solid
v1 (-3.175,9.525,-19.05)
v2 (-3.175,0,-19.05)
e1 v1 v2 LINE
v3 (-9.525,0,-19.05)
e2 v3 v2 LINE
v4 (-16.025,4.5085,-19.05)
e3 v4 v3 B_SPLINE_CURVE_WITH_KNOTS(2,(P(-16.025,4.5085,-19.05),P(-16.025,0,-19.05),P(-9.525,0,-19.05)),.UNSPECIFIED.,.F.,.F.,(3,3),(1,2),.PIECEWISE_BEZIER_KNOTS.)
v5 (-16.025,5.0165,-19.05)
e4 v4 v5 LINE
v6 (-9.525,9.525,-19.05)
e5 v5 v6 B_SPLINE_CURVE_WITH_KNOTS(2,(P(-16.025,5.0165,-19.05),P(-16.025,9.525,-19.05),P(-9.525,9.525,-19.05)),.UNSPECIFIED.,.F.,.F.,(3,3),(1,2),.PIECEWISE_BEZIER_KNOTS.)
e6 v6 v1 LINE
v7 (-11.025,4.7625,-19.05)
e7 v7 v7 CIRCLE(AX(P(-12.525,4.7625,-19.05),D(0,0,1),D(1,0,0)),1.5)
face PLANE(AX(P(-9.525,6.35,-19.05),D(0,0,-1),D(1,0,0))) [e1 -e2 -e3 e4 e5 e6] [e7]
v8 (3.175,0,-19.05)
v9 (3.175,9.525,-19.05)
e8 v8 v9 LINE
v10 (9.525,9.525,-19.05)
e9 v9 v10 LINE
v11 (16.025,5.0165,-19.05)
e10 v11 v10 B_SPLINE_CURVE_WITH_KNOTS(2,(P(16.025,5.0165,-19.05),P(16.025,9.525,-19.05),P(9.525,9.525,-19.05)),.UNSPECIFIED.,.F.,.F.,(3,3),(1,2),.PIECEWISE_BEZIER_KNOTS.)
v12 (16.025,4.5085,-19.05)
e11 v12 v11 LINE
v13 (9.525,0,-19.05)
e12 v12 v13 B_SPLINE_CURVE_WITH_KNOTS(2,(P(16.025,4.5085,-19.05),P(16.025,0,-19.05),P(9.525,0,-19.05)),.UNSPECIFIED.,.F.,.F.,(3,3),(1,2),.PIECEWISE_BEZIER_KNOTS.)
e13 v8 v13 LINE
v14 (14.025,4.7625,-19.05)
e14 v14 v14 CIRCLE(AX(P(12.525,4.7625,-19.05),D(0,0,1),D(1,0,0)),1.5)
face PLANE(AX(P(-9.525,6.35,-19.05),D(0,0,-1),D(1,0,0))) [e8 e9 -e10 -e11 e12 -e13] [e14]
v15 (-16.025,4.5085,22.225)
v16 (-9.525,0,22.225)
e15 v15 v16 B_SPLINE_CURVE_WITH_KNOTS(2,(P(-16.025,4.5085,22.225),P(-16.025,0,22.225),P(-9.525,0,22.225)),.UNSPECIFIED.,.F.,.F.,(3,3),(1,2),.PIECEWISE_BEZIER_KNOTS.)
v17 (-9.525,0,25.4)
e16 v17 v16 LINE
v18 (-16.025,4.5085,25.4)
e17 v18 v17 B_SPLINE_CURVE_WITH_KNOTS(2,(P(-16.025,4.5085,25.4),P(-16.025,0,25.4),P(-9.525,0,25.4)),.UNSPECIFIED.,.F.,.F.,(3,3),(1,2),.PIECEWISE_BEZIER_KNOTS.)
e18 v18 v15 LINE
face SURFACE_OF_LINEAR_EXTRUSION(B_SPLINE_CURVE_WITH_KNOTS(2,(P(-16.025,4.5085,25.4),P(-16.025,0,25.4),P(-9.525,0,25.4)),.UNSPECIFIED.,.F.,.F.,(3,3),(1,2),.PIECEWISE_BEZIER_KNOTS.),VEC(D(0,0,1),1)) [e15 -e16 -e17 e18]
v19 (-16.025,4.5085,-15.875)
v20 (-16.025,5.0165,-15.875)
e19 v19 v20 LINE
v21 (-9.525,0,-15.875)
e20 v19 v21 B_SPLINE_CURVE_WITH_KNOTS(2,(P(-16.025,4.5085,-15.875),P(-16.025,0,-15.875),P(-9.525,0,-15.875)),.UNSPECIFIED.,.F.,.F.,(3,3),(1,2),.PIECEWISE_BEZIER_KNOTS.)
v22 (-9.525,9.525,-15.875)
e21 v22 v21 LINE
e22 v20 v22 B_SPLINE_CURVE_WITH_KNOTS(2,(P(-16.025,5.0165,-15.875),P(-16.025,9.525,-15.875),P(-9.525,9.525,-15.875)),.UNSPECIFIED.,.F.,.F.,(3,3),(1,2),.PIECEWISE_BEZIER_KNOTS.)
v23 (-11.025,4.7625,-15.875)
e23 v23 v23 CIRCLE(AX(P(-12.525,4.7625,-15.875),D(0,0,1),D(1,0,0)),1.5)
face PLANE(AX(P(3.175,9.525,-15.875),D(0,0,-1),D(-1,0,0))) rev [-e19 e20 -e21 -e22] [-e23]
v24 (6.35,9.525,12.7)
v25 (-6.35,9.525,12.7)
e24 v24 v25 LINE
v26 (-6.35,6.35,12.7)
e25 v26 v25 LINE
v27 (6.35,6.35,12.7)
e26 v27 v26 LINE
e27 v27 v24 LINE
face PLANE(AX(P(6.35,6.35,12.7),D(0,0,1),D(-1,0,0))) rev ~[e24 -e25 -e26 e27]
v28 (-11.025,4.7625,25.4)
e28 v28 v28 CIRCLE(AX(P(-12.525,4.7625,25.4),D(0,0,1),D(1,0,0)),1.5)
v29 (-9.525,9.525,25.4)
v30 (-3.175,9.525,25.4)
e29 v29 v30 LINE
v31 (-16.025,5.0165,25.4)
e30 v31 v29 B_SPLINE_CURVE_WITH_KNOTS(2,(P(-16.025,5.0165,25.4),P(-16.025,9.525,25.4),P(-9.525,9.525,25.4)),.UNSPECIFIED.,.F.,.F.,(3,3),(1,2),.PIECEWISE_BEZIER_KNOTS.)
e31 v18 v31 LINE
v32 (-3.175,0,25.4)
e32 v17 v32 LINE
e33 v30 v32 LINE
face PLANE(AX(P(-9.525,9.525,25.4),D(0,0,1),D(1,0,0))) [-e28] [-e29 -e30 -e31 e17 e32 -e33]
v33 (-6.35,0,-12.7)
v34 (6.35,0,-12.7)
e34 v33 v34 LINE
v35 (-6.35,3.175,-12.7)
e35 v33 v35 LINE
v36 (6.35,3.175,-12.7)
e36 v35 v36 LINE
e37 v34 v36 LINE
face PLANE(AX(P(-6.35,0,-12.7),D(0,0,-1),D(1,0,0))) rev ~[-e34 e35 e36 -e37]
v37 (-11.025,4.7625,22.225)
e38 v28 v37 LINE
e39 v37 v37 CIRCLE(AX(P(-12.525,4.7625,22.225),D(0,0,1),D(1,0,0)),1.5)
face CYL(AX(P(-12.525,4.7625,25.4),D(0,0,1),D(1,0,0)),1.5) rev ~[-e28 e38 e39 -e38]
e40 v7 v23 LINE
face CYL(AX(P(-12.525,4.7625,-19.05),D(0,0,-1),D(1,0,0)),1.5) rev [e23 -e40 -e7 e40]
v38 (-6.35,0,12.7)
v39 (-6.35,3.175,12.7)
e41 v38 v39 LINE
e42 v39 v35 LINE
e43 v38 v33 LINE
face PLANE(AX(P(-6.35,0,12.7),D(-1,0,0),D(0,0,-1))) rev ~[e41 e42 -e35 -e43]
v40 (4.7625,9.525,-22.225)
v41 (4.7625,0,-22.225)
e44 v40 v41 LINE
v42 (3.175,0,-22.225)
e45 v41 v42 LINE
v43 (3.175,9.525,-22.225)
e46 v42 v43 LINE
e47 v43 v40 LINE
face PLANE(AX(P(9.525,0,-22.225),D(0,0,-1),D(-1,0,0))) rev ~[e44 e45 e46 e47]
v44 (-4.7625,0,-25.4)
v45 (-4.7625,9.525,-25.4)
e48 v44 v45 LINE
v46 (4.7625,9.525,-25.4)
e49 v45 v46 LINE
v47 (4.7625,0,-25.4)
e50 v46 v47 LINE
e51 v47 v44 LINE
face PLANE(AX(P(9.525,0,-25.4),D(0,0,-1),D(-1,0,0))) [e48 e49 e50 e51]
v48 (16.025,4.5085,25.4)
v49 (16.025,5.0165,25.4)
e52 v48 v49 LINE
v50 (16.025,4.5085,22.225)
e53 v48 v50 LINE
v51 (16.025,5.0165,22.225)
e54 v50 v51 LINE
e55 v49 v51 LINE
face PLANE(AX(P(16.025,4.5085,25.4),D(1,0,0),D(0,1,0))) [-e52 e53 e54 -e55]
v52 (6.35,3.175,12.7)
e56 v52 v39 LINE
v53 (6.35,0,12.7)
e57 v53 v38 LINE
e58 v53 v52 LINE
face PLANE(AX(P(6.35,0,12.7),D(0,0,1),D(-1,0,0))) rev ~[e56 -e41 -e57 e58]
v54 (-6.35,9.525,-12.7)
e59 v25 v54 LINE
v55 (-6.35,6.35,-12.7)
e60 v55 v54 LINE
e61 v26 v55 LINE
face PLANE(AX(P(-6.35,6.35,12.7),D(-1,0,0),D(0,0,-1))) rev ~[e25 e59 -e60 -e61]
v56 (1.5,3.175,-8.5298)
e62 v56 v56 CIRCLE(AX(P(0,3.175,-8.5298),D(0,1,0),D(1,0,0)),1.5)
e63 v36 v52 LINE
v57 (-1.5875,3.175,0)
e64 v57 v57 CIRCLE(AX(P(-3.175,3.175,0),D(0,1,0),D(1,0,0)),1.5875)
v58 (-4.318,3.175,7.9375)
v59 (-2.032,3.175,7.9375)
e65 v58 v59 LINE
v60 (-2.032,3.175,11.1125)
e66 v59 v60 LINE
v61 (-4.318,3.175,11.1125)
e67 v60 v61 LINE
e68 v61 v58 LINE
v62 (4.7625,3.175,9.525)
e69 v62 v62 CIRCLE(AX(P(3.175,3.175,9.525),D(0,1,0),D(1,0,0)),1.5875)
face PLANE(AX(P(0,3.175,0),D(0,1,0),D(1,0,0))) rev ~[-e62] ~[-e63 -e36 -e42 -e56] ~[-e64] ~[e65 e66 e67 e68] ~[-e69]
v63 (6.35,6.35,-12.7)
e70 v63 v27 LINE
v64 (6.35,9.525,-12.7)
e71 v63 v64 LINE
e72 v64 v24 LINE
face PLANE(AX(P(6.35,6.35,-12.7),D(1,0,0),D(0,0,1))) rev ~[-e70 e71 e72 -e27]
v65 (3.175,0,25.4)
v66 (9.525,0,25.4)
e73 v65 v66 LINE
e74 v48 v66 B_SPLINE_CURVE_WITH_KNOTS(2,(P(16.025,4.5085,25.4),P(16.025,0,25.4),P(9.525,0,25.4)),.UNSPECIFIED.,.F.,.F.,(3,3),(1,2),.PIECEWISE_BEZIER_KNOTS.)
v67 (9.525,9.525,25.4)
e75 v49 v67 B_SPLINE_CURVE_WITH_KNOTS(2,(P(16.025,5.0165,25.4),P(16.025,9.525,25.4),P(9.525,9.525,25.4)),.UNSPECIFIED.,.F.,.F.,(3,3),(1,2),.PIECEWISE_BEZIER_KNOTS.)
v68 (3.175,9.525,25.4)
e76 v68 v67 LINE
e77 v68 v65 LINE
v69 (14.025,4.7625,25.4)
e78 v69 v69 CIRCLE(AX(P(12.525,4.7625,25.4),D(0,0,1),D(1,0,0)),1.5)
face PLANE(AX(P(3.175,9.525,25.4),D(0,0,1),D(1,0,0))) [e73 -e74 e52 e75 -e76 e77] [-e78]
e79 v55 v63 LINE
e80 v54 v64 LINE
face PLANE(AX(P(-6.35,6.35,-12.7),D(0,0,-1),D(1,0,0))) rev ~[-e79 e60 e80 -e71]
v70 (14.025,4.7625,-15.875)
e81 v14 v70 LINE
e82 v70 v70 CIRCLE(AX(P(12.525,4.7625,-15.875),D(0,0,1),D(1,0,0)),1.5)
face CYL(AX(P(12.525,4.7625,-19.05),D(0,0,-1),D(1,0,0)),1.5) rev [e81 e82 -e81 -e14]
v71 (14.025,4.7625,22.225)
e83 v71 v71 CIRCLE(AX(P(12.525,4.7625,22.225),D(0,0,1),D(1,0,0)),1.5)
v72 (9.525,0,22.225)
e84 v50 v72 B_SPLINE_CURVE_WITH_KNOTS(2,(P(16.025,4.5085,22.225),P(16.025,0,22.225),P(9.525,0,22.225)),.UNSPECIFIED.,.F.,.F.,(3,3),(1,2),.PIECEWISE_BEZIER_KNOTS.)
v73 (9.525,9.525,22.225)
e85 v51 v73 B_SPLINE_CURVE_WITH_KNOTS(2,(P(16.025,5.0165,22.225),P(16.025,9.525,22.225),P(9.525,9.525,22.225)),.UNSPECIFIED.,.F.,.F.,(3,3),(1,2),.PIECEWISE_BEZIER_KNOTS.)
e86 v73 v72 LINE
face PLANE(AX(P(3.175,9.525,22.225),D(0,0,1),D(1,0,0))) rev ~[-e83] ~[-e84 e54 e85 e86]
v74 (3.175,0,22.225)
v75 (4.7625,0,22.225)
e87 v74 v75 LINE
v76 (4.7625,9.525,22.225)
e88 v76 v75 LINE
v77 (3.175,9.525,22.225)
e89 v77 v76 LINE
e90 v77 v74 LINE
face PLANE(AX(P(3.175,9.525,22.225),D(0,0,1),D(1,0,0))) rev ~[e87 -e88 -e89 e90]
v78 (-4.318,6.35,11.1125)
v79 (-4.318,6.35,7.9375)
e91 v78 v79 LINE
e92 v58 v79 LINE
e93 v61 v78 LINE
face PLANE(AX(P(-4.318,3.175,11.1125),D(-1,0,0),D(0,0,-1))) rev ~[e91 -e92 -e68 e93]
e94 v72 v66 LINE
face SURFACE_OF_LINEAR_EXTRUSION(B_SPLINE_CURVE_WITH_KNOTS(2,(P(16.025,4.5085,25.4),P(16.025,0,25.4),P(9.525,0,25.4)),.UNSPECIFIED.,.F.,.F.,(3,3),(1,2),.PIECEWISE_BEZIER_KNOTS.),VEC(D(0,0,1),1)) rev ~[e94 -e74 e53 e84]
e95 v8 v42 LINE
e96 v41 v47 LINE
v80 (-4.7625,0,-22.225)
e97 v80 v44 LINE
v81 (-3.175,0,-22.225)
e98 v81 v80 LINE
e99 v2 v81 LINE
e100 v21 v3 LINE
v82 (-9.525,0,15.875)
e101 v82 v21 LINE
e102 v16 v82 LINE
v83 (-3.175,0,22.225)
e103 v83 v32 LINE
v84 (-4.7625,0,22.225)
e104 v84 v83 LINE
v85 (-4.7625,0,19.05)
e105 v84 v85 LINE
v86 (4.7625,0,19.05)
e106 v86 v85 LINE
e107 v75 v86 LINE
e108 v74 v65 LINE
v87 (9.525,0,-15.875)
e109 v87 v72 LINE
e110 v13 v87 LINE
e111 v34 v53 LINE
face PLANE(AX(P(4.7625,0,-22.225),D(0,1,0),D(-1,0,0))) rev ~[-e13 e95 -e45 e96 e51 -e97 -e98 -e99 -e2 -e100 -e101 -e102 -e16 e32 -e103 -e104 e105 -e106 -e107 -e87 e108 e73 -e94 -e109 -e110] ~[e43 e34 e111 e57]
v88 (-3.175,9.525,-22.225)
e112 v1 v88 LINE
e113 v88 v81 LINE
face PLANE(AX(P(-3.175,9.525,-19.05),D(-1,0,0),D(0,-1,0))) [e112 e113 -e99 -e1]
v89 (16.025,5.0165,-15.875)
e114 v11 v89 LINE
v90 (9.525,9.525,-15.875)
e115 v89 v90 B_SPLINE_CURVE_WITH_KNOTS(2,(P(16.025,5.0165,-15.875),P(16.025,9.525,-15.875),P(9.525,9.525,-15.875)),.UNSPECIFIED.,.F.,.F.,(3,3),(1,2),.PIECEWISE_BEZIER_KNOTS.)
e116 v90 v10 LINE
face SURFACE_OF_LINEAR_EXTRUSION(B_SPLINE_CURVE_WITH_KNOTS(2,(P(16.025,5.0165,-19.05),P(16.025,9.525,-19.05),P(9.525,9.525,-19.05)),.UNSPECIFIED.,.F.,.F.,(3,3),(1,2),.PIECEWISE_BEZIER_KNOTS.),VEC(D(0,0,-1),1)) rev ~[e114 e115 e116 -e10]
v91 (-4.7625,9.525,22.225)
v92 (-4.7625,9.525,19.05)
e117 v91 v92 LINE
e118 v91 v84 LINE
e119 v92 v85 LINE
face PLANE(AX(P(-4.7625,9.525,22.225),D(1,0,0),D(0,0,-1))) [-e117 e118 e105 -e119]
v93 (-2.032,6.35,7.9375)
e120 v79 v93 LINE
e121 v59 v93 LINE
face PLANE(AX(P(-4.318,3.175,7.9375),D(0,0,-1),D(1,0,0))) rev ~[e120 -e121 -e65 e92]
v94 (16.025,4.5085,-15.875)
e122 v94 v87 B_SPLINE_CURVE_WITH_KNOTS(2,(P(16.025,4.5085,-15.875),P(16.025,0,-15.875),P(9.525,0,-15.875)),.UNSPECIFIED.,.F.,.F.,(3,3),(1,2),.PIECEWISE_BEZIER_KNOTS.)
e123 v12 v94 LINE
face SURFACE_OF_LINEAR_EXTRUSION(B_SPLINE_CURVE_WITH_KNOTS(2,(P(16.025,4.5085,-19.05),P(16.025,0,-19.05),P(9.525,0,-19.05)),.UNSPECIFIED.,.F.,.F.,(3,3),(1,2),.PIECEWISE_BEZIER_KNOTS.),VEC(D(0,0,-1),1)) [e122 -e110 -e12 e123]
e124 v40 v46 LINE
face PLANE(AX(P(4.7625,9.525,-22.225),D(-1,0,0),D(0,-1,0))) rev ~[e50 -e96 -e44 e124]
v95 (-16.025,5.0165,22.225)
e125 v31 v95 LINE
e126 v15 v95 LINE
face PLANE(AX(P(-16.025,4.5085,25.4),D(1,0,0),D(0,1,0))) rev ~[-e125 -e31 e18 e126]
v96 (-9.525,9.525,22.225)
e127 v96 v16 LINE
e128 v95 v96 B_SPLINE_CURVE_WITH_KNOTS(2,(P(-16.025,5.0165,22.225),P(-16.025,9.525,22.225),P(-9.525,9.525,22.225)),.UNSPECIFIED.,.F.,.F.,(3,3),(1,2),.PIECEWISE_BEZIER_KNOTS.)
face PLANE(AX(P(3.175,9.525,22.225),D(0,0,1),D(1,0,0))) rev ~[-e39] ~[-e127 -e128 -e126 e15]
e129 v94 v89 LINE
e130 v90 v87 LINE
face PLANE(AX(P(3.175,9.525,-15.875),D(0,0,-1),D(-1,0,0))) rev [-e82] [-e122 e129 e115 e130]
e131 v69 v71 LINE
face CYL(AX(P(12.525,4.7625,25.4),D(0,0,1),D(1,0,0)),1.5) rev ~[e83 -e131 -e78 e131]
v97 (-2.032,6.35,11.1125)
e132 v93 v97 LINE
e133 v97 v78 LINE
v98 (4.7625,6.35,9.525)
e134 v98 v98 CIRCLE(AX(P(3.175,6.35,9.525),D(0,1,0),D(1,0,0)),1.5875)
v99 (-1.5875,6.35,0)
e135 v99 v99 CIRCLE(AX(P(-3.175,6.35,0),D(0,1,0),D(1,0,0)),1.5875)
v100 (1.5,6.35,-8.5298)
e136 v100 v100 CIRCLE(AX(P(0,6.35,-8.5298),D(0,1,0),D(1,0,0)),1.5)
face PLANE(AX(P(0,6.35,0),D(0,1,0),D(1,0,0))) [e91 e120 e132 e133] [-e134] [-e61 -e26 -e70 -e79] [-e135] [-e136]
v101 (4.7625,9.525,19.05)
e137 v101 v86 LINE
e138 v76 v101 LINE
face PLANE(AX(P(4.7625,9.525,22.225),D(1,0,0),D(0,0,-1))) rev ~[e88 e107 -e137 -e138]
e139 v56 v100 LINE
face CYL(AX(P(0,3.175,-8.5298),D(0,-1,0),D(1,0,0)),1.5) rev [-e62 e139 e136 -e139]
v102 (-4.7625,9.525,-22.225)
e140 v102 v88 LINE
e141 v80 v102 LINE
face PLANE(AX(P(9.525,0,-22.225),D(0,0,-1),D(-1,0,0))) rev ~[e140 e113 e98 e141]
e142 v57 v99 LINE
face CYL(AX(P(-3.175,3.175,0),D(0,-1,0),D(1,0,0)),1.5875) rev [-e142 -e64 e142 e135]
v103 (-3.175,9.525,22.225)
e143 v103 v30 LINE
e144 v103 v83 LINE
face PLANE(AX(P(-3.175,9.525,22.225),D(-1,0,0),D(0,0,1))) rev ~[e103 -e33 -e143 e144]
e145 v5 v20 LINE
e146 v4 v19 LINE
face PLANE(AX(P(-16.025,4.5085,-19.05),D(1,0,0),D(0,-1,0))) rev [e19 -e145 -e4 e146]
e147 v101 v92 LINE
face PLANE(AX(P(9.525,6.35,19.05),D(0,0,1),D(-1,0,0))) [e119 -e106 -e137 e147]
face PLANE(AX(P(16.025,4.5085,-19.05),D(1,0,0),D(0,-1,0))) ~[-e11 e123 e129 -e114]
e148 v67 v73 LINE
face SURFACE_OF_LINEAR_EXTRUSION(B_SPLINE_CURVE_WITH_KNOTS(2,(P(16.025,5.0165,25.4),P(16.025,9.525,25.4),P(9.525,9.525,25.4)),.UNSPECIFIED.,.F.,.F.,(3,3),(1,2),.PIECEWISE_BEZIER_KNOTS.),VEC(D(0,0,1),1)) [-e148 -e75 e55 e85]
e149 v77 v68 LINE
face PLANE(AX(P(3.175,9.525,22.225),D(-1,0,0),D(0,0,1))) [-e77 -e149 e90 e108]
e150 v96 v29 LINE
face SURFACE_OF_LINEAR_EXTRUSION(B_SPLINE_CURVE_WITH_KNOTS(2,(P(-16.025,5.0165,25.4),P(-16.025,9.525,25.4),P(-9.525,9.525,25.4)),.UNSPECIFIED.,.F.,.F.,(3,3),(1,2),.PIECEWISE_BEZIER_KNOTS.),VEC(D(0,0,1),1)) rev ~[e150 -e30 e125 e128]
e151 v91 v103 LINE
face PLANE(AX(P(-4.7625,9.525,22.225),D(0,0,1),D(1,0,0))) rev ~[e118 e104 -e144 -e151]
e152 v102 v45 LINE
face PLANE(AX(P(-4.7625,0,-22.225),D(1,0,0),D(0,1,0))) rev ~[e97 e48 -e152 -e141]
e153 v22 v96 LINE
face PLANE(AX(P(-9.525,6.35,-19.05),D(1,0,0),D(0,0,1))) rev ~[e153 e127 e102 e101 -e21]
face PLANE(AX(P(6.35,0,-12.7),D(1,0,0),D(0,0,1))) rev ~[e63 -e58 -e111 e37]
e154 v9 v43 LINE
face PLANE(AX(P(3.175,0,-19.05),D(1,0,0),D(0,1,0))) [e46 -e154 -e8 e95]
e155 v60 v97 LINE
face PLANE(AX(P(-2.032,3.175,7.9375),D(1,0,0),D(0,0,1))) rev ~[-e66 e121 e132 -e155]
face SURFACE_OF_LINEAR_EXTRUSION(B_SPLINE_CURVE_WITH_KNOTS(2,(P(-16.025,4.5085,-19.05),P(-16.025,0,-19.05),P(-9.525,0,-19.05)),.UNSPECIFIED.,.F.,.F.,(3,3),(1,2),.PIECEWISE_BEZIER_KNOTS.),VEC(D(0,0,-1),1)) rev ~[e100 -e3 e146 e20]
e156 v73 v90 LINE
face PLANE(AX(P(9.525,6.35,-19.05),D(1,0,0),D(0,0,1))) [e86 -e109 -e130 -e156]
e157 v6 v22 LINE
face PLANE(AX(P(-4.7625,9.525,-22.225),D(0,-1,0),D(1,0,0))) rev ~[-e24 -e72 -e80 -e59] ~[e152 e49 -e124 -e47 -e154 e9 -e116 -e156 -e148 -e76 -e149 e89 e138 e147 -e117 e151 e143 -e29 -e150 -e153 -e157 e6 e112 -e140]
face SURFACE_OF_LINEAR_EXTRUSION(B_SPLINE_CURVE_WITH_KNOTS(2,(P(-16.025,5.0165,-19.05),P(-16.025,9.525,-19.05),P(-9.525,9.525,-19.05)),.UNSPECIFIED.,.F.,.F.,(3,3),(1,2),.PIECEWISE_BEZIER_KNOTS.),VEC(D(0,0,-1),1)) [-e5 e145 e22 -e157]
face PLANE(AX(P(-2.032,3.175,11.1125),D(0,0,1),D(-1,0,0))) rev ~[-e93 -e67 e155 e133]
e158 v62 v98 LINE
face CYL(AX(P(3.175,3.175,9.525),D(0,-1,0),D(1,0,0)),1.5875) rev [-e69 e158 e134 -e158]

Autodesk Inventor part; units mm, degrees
ref_plane "YZ Plane" through (0, 0, 0) normal (1, 0, 0) x (0, 1, 0)
ref_plane "XZ Plane" through (0, 0, 0) normal (0, 1, 0) x (-1, 0, 0)
sketch "Sketch1" plane through (0, 0, 0) normal (0, 1, 0) x (-1, 0, 0)
  line L0 (-6.35, 12.7) -> (6.35, 12.7)
  line L1 (6.35, 12.7) -> (6.35, -12.7)
  line L2 (6.35, -12.7) -> (-6.35, -12.7)
  line L3 (-6.35, -12.7) -> (-6.35, 12.7)
  line L4 (-6.35, 12.7) -> (6.35, -12.7) construction
  line L5 (6.35, 12.7) -> (-6.35, -12.7) construction
  line L6 (-9.525, 19.05) -> (9.525, 19.05)
  line L7 (9.525, 19.05) -> (9.525, -19.05)
  line L8 (9.525, -19.05) -> (-9.525, -19.05)
  line L9 (-9.525, -19.05) -> (-9.525, 19.05)
  line L10 (-9.525, 19.05) -> (9.525, -19.05) construction
  line L11 (9.525, 19.05) -> (-9.525, -19.05) construction
  line L12 (6.35, 12.7) -> (6.35, 15.875)
  line L13 (6.35, 15.875) -> (9.525, 15.875)
  point P0 (0, 0)
  dimension "d0" = 12.7
  dimension "d1" = 25.4
extrude "Extrusion1" add sketch "Sketch1" along normal blind 3.175
sketch "Sketch2" plane through (0, 3.175, 0) normal (0, 1, 0) x (1, 0, 0)
  circle A0 centre (3.175, -9.525) radius 1.5875
  circle A1 centre (-3.175, 0) radius 1.5875
  circle A2 centre (0, 8.5298) radius 1.5
  line L0 (-4.318, -7.9375) -> (-2.032, -7.9375)
  line L1 (-2.032, -7.9375) -> (-2.032, -11.1125)
  line L2 (-2.032, -11.1125) -> (-4.318, -11.1125)
  line L3 (-4.318, -11.1125) -> (-4.318, -7.9375)
  line L4 (-4.318, -7.9375) -> (-2.032, -11.1125) construction
  line L5 (-2.032, -7.9375) -> (-4.318, -11.1125) construction
  line L6 (-9.525, 19.05) -> (-9.525, -19.05) projected
  line L7 (9.525, -19.05) -> (-9.525, -19.05)
  line L8 (-9.525, -19.05) -> (-9.525, 19.05)
  line L9 (-9.525, 19.05) -> (9.525, 19.05)
  line L10 (9.525, 19.05) -> (9.525, -19.05)
  line L11 (9.525, -19.05) -> (-9.525, 19.05) construction
  line L12 (-9.525, -19.05) -> (9.525, 19.05) construction
  point P0 (0, 0)
  point P1 (0, 0)
  dimension "d4" = 3.175
  dimension "d5" = 3.175
  dimension "d6" = 3
  dimension "d8" = 3.175
extrude "Extrusion2" add sketch "Sketch2" along normal blind 3.175
sketch "Sketch3" plane through (0, 6.35, 0) normal (0, 1, 0) x (1, 0, 0)
  line L0 (-9.525, 19.05) -> (-9.525, -19.05) projected
  line L1 (9.525, -19.05) -> (-9.525, -19.05)
  line L2 (-9.525, -19.05) -> (-9.525, 19.05)
  line L3 (-9.525, 19.05) -> (9.525, 19.05)
  line L4 (9.525, 19.05) -> (9.525, -19.05)
  line L5 (9.525, -19.05) -> (-9.525, 19.05) construction
  line L6 (-9.525, -19.05) -> (9.525, 19.05) construction
  line L7 (6.35, -12.7) -> (-6.35, -12.7)
  line L8 (-6.35, -12.7) -> (-6.35, 12.7)
  line L9 (-6.35, 12.7) -> (6.35, 12.7)
  line L10 (6.35, 12.7) -> (6.35, -12.7)
  line L11 (6.35, -12.7) -> (-6.35, 12.7) construction
  line L12 (-6.35, -12.7) -> (6.35, 12.7) construction
  point P0 (0, 0)
extrude "Extrusion3" add sketch "Sketch3" along normal blind 3.175
sketch "Sketch4" plane through (9.525, 0, -19.05) normal (0, 0, -1) x (-1, 0, 0)
  line L0 (12.7, 0) -> (6.35, 0)
  line L1 (6.35, 0) -> (6.35, 9.525)
  line L2 (6.35, 9.525) -> (12.7, 9.525)
  line L3 (12.7, 9.525) -> (12.7, 0)
  line L4 (12.7, 0) -> (6.35, 9.525) construction
  line L5 (6.35, 0) -> (12.7, 9.525) construction
  point P0 (9.525, 0)
  point P1 (9.525, 4.7625)
extrude "Extrusion4" add sketch "Sketch4" along normal blind 3.175
sketch "Sketch5" plane through (9.525, 0, -22.225) normal (0, 0, -1) x (-1, 0, 0)
  line L0 (4.7625, 0) -> (14.2875, 0)
  line L1 (14.2875, 0) -> (14.2875, 9.525)
  line L2 (14.2875, 9.525) -> (4.7625, 9.525)
  line L3 (4.7625, 9.525) -> (4.7625, 0)
  line L4 (4.7625, 0) -> (14.2875, 9.525) construction
  line L5 (14.2875, 0) -> (4.7625, 9.525) construction
  point P0 (9.525, 0)
  point P1 (9.525, 4.7625)
extrude "Extrusion5" add sketch "Sketch5" along normal blind 3.175
sketch "Sketch6" plane through (0, 9.525, 0) normal (0, 1, 0) x (1, 0, 0)
  line L0 (9.525, -19.05) -> (-9.525, -19.05)
  line L1 (-9.525, -19.05) -> (-9.525, -25.4)
  line L2 (9.525, -25.4) -> (9.525, -19.05)
  line L3 (3.175, -22.225) -> (4.7625, -22.225)
  line L4 (-4.7625, 25.4) -> (4.7625, 25.4) projected
  line L5 (4.7625, 22.225) -> (4.7625, 25.4) projected
  line L6 (-4.7625, -22.225) -> (-3.175, -22.225)
  line L7 (-3.175, -22.225) -> (-3.175, -25.4)
  line L8 (-4.7625, -22.225) -> (-4.7625, -19.05)
  line L9 (4.7625, -22.225) -> (4.7625, -19.05)
  line L10 (3.175, -22.225) -> (3.175, -25.4)
  line L11 (-9.525, -25.4) -> (-3.175, -25.4)
  line L12 (3.175, -25.4) -> (9.525, -25.4)
  point P0 (0, 0)
extrude "Extrusion6" add sketch "Sketch6" against normal blind 9.525
sketch "Sketch7" plane through (3.175, 9.525, 25.4) normal (0, 0, 1) x (1, 0, 0)
  circle A0 centre (9.35, -4.7625) radius 1.5
  line L0 (12.85, -5.0165) -> (12.85, -4.5085)
  line L1 (12.85, -4.5085) -> (12.85, 0) construction
  line L2 (12.85, 0) -> (6.35, 0) construction
  spline S0 degree 2 poles (12.85, -4.5085) (12.85, 0) (6.35, 0) knots 1 1 1 2 2 2
  line L3 (12.85, -5.0165) -> (12.85, -9.525) construction
  line L4 (12.85, -9.525) -> (6.35, -9.525) construction
  spline S1 degree 2 poles (12.85, -5.0165) (12.85, -9.525) (6.35, -9.525) knots 1 1 1 2 2 2
  line L5 (-3.175, -9.525) -> (-3.175, 0)
  line L6 (-7.9375, 0) -> (1.5875, 0) projected
  line L7 (6.35, 0) -> (6.35, -9.525) projected
  line L8 (6.35, -9.525) -> (6.35, 0)
  circle A1 centre (-15.7, -4.7625) radius 1.5
  line L9 (-19.2, -5.0165) -> (-19.2, -4.5085)
  line L10 (-19.2, -4.5085) -> (-19.2, 0) construction
  line L11 (-19.2, 0) -> (-12.7, 0) construction
  spline S2 degree 2 poles (-19.2, -4.5085) (-19.2, 0) (-12.7, 0) knots 1 1 1 2 2 2
  line L12 (-19.2, -5.0165) -> (-19.2, -9.525) construction
  line L13 (-19.2, -9.525) -> (-12.7, -9.525) construction
  spline S3 degree 2 poles (-19.2, -5.0165) (-19.2, -9.525) (-12.7, -9.525) knots 1 1 1 2 2 2
  line L14 (-12.7, 0) -> (-12.7, -9.525)
  line L15 (-12.7, -9.525) -> (-12.7, 0)
  point P0 (10.85, -4.7625)
  point P1 (-17.2, -4.7625)
  dimension "d25" = 3
extrude "Extrusion7" add sketch "Sketch7" against normal blind 3.175
ref_plane "Work Plane5" through (-4.7625, 0, 3.175) normal (0, 0, 1) x (1, 0, 0)
mirror "Mirror1" about plane through (-4.7625, 0, 3.175) normal (0, 0, 1) of "Extrusion7"
properties part number "SlottedCarrierFull"
